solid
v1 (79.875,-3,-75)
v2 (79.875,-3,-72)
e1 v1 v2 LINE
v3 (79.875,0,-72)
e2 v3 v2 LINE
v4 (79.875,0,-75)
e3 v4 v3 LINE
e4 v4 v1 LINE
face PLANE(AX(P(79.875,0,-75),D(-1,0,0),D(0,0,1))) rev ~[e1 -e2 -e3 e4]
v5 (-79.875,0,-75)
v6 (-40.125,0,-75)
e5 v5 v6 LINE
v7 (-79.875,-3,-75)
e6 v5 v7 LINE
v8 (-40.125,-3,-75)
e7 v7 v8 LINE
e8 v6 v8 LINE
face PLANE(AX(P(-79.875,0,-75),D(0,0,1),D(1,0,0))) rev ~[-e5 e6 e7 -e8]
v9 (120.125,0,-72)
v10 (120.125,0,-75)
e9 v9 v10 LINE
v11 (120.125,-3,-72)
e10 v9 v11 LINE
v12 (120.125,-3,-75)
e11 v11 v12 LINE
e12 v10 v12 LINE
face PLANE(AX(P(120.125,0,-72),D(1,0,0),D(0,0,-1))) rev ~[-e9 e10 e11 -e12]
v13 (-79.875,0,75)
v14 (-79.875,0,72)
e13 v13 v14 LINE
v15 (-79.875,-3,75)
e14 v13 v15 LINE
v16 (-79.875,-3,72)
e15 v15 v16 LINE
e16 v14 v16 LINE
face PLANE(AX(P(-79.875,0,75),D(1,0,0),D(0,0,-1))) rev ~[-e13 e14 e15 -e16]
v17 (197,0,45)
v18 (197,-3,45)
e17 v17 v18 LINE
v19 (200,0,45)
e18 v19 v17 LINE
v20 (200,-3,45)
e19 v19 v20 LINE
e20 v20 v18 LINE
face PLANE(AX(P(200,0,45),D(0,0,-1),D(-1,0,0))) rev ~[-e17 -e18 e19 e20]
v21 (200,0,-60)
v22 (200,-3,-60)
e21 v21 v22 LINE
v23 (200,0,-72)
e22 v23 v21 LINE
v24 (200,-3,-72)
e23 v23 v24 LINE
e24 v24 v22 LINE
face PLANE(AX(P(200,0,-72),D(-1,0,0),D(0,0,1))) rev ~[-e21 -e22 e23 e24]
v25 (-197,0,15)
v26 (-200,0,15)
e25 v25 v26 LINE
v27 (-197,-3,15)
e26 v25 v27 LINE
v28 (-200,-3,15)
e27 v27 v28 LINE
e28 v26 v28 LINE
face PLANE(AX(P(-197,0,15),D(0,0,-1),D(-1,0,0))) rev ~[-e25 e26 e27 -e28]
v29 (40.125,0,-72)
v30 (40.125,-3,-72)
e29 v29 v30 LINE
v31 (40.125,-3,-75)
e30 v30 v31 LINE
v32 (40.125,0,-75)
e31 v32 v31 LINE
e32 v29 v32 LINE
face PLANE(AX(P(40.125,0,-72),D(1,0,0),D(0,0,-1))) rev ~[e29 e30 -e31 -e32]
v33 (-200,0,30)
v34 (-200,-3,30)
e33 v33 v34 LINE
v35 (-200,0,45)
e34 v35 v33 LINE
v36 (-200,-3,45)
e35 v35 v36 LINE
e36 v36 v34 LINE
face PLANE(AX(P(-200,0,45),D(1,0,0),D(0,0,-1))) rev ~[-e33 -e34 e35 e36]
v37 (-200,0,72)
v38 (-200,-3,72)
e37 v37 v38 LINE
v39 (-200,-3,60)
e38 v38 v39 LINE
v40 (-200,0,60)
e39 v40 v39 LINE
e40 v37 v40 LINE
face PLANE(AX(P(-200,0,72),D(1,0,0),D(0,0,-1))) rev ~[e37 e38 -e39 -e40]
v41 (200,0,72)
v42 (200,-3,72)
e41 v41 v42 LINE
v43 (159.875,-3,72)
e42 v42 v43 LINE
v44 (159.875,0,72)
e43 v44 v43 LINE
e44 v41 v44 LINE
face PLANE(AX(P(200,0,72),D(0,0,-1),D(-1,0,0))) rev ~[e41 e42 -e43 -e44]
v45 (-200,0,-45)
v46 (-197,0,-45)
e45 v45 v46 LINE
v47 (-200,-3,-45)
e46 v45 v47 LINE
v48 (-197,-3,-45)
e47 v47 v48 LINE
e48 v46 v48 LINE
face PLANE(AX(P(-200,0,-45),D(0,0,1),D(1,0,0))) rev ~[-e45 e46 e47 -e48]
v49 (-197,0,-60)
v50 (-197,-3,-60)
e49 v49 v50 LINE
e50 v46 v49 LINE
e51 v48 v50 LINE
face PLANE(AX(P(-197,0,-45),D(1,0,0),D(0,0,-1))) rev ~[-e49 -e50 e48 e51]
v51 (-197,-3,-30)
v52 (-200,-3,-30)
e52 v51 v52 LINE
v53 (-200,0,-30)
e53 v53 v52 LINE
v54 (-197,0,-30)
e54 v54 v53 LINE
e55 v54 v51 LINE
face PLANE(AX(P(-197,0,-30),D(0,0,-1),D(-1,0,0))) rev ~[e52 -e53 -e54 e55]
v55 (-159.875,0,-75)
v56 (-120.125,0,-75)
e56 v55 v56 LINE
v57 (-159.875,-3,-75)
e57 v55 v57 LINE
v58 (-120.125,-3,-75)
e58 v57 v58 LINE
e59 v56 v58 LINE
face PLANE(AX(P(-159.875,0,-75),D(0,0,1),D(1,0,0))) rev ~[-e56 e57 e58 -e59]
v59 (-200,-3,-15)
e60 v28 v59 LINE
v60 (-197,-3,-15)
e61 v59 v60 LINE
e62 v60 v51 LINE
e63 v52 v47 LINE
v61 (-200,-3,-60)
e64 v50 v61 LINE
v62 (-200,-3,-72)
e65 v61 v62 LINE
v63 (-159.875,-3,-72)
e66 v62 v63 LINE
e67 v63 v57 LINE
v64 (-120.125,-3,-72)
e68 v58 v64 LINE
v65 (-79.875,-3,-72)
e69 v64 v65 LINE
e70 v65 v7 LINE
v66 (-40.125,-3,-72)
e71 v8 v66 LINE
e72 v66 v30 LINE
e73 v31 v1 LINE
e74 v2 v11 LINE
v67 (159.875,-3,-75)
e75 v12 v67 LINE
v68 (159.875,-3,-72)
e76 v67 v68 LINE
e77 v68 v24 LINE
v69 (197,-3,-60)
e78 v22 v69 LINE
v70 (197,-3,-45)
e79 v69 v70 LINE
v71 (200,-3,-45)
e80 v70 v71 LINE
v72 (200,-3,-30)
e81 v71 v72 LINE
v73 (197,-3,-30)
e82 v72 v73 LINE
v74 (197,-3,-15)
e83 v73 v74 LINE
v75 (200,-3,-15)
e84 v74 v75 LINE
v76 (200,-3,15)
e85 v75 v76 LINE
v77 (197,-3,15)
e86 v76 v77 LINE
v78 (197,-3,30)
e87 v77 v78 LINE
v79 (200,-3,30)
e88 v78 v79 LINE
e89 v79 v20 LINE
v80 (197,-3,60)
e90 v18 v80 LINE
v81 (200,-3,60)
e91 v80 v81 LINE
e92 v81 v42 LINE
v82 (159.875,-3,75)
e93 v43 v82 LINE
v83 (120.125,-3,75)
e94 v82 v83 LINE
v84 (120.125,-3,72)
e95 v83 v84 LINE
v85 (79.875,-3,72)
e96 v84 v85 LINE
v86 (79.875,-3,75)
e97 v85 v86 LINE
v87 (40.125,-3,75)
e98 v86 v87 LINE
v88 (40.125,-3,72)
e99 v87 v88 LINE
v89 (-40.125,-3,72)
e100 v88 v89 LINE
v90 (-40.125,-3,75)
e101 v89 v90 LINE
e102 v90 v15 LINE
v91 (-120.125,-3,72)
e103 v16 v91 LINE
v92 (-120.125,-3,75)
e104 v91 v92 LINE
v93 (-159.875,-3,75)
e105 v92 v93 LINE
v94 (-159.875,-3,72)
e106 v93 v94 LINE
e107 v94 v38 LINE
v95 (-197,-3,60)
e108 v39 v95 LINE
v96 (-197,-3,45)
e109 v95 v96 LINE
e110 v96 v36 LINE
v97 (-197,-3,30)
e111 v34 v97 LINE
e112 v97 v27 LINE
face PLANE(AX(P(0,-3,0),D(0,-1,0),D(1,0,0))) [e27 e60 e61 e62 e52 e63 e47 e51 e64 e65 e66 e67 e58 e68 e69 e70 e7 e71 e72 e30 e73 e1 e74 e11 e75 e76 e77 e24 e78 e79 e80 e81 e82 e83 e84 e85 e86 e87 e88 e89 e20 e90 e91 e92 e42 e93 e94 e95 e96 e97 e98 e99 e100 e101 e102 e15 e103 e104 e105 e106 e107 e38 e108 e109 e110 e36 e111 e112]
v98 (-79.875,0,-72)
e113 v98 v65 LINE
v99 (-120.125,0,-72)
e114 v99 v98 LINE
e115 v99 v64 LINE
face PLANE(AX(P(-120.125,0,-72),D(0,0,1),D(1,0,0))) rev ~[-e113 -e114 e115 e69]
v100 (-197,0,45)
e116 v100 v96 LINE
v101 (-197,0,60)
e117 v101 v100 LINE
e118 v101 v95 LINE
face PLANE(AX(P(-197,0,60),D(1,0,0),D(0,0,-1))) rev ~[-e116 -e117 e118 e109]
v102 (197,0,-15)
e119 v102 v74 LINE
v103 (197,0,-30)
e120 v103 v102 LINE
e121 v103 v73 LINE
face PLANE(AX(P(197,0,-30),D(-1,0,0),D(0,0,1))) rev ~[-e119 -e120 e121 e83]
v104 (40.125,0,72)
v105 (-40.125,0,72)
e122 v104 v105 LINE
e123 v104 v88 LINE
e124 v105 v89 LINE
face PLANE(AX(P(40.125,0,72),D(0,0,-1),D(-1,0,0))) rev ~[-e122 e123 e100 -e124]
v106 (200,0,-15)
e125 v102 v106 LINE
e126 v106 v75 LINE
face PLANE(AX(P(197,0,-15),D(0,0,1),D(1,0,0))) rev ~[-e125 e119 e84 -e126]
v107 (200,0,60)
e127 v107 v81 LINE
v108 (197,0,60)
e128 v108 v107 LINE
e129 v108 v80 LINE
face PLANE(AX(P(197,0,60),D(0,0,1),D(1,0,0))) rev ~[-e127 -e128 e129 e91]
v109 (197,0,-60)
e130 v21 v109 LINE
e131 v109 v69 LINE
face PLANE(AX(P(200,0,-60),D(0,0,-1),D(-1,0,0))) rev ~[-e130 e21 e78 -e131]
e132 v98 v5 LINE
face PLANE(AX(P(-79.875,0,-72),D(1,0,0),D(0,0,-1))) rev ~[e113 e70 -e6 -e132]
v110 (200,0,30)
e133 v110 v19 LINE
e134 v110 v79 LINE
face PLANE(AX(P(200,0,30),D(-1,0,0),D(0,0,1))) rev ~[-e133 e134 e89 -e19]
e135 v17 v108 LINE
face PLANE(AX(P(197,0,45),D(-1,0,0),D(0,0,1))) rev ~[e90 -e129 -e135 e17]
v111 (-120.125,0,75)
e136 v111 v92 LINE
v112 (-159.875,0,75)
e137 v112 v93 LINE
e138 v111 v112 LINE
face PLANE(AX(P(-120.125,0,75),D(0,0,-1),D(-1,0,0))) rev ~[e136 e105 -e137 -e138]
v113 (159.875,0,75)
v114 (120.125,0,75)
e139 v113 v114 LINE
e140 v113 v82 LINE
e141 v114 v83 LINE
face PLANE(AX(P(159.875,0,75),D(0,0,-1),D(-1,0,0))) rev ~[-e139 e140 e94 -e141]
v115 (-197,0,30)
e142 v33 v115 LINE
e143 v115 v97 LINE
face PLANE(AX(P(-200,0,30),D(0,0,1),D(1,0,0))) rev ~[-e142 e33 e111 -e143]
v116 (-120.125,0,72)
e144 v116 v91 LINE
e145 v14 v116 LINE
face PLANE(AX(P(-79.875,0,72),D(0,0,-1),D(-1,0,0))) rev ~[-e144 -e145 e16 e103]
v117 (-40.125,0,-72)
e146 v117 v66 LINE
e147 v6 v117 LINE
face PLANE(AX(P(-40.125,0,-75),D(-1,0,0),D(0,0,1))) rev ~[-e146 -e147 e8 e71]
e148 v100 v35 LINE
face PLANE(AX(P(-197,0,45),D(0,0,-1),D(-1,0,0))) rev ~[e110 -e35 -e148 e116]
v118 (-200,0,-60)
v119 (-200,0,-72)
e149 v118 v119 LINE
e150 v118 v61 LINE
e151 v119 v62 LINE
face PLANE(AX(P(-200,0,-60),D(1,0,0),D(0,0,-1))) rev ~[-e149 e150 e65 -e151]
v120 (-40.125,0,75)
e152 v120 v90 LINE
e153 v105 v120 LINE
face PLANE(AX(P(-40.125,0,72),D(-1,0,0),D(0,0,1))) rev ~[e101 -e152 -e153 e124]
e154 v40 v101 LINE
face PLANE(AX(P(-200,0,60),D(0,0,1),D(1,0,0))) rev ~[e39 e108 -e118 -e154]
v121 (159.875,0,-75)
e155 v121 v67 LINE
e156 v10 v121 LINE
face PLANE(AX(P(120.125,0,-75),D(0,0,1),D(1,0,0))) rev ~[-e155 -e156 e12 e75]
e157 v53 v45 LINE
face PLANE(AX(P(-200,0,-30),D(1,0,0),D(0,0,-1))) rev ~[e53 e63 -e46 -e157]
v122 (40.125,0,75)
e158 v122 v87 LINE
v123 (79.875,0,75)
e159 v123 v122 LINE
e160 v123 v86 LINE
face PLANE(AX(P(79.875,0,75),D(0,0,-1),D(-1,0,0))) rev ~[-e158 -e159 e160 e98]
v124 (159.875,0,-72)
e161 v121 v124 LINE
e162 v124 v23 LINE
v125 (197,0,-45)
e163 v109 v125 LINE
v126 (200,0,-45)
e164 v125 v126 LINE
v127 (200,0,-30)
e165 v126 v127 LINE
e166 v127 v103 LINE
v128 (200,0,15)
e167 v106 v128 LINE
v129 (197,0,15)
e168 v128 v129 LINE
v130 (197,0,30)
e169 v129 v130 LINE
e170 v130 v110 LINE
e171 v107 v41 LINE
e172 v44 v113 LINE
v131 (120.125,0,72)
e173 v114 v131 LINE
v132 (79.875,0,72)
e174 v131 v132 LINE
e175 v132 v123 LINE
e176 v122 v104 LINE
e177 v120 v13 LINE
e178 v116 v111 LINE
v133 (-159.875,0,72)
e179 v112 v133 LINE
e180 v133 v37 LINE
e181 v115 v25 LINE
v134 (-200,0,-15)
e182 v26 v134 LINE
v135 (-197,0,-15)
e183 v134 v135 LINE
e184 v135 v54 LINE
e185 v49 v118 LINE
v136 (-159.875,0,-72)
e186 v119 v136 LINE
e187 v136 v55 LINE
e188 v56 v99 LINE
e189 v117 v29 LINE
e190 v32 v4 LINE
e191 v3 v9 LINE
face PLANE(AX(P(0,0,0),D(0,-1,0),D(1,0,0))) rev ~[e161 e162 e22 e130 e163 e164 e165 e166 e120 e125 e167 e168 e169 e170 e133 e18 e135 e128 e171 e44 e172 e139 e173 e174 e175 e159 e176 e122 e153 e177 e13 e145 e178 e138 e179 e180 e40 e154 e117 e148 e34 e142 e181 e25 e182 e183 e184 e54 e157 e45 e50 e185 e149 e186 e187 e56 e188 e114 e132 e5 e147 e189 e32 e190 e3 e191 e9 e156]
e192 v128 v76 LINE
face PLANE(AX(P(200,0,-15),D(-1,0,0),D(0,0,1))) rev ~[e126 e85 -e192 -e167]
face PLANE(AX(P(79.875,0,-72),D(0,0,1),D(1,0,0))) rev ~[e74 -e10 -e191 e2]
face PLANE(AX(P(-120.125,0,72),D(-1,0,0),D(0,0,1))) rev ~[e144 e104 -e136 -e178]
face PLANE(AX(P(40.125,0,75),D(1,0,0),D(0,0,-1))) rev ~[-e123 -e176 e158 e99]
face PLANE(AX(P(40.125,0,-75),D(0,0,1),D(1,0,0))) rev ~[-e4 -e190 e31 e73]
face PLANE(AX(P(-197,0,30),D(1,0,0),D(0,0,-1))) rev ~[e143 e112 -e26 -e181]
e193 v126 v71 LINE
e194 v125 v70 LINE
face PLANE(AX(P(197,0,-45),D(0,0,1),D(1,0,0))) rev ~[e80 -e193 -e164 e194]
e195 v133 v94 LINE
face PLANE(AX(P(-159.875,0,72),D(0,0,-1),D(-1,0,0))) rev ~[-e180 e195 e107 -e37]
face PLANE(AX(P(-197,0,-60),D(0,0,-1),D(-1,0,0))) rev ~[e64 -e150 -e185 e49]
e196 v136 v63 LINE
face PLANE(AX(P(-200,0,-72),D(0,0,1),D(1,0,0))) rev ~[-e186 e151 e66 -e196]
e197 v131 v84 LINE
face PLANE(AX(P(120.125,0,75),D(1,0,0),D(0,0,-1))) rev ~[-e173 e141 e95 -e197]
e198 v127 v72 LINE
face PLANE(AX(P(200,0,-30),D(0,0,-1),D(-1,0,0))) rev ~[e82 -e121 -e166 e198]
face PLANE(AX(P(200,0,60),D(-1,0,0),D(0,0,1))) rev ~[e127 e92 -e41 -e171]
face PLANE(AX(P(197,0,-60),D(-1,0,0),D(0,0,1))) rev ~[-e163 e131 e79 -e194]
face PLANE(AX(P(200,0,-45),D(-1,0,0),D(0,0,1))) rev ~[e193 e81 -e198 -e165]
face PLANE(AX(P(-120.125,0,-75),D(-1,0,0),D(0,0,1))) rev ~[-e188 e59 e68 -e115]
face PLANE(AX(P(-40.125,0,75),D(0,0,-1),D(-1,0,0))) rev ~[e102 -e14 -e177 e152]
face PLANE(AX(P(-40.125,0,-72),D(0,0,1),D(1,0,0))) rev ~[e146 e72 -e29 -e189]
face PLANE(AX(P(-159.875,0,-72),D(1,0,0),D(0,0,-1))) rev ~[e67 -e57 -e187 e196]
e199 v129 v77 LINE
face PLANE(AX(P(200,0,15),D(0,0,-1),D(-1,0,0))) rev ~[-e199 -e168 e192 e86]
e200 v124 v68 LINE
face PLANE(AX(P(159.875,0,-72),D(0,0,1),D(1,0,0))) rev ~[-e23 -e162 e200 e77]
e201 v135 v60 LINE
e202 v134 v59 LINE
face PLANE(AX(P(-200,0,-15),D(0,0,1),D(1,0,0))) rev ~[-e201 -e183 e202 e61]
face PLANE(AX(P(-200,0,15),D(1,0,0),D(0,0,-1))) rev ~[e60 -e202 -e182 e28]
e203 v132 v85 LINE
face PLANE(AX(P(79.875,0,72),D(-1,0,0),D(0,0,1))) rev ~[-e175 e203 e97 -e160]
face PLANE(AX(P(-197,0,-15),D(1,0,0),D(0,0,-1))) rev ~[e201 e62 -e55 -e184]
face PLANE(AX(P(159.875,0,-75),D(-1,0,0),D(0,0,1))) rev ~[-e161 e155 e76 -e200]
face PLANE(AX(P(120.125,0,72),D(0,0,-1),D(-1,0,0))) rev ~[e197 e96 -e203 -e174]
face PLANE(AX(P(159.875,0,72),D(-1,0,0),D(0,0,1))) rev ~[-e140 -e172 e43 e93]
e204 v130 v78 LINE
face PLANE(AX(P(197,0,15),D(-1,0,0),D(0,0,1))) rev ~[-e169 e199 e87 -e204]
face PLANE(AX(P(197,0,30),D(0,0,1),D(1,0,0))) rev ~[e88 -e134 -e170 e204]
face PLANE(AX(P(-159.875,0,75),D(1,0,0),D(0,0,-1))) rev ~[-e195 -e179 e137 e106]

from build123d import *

# Parameters (mm, degrees)
F1_DEPTH = 3


with BuildPart() as f1:
    # F0 (on Front) → F1 (new body)
    with BuildSketch(Plane.XZ):
        Polygon((-159.875, -72), (-159.875, -75), (-120.125, -75), (-120.125, -72), (-79.875, -72), (-79.875, -75), (-40.125, -75), (-40.125, -72), (40.125, -72), (40.125, -75), (79.875, -75), (79.875, -72), (120.125, -72), (120.125, -75), (159.875, -75), (159.875, -72), (200, -72), (200, -60), (197, -60), (197, -45), (200, -45), (200, -30), (197, -30), (197, -15), (200, -15), (200, 15), (197, 15), (197, 30), (200, 30), (200, 45), (197, 45), (197, 60), (200, 60), (200, 72), (159.875, 72), (159.875, 75), (120.125, 75), (120.125, 72), (79.875, 72), (79.875, 75), (40.125, 75), (40.125, 72), (-40.125, 72), (-40.125, 75), (-79.875, 75), (-79.875, 72), (-120.125, 72), (-120.125, 75), (-159.875, 75), (-159.875, 72), (-200, 72), (-200, 60), (-197, 60), (-197, 45), (-200, 45), (-200, 30), (-197, 30), (-197, 15), (-200, 15), (-200, -15), (-197, -15), (-197, -30), (-200, -30), (-200, -45), (-197, -45), (-197, -60), (-200, -60), (-200, -72), align=None)
    extrude(amount=F1_DEPTH)


solid = f1.part
